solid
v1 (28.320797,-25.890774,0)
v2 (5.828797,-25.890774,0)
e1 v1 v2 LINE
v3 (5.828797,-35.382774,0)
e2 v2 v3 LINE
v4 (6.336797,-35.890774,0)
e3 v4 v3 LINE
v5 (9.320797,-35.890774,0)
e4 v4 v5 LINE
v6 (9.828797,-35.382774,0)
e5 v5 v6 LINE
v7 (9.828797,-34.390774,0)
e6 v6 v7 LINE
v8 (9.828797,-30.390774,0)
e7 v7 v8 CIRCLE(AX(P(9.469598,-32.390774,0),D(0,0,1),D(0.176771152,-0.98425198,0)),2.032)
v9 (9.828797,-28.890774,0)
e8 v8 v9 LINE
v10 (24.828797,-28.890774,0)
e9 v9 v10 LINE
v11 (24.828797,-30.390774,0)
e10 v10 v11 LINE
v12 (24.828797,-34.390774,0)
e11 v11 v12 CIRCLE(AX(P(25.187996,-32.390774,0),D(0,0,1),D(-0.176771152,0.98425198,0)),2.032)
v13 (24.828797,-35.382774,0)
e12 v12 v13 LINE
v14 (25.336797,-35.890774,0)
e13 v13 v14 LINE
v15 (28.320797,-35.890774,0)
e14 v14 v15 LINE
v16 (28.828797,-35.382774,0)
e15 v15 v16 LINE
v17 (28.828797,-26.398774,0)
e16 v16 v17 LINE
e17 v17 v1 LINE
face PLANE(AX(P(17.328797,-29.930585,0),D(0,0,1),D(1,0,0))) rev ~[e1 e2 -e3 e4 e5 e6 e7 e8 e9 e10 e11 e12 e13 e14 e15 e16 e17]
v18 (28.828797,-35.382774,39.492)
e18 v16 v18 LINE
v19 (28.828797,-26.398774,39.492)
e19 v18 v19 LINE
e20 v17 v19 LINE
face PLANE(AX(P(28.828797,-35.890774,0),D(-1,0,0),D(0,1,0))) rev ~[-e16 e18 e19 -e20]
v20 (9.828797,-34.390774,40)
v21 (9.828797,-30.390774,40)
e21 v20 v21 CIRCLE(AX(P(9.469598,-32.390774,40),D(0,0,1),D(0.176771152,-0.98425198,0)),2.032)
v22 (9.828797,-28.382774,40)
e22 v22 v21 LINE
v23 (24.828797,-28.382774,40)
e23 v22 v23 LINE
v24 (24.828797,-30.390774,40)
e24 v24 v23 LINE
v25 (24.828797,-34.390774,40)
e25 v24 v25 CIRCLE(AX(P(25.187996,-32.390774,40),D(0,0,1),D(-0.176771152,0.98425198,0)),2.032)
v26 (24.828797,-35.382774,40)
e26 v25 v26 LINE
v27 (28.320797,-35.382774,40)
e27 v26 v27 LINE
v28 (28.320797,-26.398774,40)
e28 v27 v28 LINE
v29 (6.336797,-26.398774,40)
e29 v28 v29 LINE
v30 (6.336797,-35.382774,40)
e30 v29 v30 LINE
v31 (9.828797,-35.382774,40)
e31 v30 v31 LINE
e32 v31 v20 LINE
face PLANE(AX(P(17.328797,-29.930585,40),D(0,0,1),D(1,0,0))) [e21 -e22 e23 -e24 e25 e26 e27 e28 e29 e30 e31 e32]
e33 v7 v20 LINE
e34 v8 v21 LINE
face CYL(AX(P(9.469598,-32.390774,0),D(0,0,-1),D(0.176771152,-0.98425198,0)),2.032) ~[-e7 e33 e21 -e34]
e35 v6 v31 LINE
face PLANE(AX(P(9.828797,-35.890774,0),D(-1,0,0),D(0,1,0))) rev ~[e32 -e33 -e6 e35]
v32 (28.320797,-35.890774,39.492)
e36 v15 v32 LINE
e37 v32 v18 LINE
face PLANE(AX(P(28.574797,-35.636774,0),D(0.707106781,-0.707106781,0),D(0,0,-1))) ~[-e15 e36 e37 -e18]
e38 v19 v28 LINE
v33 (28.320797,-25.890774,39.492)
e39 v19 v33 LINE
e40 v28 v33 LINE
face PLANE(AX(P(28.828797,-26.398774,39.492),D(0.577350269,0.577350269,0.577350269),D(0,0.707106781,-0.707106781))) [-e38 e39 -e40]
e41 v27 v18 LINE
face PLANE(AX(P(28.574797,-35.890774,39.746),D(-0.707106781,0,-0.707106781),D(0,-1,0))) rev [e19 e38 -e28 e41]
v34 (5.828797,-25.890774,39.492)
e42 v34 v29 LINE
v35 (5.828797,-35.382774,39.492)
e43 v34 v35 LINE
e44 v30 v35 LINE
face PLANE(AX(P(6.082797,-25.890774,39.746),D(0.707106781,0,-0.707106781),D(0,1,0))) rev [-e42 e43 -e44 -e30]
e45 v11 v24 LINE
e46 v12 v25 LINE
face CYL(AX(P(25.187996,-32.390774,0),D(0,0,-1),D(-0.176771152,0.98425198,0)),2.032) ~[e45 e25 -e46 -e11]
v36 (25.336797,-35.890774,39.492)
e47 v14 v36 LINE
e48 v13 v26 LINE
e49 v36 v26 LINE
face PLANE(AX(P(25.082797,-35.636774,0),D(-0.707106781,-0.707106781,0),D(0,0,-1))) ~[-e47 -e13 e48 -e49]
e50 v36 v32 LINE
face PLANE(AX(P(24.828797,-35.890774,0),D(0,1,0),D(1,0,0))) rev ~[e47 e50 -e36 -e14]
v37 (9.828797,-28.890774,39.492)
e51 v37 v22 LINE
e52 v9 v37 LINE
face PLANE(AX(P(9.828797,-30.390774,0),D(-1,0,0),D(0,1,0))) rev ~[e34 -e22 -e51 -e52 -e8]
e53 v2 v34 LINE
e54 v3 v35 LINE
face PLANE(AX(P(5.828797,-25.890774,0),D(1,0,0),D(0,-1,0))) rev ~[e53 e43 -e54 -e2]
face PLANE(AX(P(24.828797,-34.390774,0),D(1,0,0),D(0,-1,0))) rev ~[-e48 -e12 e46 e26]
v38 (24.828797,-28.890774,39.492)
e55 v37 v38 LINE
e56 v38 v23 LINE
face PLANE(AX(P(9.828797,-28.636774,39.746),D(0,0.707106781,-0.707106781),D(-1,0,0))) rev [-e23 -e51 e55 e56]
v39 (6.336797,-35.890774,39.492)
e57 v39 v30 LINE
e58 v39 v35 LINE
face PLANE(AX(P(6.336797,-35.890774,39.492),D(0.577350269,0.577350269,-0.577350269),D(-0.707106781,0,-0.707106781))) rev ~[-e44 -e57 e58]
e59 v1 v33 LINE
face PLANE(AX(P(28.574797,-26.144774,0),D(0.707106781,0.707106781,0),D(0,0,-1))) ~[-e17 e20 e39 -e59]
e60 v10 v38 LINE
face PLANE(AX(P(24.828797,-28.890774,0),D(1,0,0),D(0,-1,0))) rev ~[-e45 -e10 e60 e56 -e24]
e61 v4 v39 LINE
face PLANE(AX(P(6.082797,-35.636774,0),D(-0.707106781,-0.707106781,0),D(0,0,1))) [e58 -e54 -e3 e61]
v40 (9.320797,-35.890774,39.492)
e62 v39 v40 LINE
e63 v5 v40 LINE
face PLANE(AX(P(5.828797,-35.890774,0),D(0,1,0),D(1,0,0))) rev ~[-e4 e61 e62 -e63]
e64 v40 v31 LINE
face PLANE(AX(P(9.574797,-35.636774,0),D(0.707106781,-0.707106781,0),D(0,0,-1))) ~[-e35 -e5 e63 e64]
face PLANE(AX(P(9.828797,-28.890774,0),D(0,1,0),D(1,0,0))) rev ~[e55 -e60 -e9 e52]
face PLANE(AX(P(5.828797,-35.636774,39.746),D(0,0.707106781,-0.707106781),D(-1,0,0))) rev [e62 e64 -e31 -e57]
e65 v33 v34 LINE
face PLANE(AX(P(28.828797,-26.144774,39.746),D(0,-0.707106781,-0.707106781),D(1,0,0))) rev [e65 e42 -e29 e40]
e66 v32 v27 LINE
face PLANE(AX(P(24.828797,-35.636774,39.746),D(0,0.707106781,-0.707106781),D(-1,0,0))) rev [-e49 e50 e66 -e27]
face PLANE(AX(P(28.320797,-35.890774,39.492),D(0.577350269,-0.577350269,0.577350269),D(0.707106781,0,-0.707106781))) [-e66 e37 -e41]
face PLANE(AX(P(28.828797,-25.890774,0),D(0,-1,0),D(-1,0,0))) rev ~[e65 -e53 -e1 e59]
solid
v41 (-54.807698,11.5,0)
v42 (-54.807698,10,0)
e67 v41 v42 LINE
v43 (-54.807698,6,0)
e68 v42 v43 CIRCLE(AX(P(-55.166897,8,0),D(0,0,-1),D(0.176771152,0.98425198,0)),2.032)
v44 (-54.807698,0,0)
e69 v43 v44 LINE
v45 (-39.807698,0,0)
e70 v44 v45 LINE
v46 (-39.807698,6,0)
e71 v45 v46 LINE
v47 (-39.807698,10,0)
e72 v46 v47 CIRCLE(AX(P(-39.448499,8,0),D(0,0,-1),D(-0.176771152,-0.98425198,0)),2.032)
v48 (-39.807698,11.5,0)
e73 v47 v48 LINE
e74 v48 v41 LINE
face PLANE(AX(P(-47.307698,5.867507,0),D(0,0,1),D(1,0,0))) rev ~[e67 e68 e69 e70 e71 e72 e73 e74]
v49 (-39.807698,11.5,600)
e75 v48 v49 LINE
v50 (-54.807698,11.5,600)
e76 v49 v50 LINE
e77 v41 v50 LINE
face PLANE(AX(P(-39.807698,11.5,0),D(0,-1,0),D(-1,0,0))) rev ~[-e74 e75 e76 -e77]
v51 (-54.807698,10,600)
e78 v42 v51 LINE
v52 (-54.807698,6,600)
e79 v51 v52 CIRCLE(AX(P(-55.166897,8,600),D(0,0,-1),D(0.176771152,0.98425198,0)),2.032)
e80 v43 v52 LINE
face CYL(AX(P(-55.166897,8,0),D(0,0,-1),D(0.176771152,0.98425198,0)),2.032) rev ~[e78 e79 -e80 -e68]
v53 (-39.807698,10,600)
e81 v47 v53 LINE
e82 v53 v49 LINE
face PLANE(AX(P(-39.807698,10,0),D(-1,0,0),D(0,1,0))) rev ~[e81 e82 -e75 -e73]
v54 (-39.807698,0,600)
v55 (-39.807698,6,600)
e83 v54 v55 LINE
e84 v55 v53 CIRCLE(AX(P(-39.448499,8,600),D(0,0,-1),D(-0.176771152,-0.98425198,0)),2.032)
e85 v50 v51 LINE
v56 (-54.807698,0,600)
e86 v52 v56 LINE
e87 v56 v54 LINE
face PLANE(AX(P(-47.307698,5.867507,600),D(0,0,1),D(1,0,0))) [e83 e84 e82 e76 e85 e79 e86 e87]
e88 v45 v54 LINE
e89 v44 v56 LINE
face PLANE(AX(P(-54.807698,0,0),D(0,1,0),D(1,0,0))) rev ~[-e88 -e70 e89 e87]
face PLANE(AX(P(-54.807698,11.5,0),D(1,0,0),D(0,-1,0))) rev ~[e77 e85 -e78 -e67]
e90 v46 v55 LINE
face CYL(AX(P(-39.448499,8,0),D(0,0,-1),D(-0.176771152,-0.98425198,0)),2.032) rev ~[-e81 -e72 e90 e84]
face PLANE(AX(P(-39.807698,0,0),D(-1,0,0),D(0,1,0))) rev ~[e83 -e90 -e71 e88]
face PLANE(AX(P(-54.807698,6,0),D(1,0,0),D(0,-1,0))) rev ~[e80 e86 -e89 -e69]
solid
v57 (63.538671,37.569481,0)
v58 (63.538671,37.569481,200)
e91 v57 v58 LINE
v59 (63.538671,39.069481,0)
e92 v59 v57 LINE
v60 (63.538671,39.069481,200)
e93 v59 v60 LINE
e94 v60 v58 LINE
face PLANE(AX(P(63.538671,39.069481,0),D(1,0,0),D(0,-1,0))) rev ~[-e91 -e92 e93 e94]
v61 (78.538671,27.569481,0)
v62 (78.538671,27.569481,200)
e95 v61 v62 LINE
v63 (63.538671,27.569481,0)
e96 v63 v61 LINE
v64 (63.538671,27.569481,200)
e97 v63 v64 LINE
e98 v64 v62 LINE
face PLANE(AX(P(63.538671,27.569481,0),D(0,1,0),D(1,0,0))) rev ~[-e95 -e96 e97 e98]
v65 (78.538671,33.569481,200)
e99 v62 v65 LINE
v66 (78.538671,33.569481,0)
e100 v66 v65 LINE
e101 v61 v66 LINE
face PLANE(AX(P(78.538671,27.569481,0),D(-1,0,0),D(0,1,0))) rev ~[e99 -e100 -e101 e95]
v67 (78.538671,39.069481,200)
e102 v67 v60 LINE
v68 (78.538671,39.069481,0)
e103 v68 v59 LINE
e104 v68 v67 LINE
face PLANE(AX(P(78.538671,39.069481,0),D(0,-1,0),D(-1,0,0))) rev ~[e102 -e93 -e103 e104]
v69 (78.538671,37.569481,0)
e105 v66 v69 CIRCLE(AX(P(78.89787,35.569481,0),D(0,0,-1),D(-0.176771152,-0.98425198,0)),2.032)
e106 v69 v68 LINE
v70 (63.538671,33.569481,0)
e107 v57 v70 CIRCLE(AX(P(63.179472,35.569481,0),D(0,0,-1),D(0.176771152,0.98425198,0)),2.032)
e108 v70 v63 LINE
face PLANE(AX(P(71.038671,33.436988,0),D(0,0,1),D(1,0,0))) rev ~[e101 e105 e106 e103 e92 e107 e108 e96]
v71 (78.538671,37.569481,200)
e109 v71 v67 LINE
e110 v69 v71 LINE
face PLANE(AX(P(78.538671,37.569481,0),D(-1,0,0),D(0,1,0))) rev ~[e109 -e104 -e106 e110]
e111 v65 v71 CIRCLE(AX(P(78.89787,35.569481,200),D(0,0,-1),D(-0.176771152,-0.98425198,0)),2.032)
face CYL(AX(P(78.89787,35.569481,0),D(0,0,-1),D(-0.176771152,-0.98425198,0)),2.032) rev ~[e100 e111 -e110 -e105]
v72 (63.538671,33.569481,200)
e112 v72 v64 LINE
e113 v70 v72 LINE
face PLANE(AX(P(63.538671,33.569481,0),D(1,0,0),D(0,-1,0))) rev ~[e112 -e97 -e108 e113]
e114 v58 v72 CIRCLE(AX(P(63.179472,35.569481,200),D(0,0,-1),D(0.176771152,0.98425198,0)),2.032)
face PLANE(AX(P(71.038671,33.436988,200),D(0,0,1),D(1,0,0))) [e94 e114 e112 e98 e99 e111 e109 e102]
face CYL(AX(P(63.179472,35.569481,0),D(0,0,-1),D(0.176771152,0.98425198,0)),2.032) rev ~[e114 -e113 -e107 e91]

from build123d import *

# Parameters (mm, degrees)
F1_DEPTH = 600
F2_DEPTH = 200
F3_DEPTH = 40
F4_SIZE  = 0.508


with BuildPart() as f1:
    # F0 (on Top) → F1 (new body)
    with BuildSketch(Plane.XY):
        with BuildLine():
            Line((-54.807698, 6), (-54.807698, 0))
            Line((-54.807698, 0), (-39.807698, 0))
            Line((-39.807698, 0), (-39.807698, 6))
            ThreePointArc((-39.807698, 6), (-41.480499, 8), (-39.807698, 10))
            Line((-39.807698, 10), (-39.807698, 11.5))
            Line((-39.807698, 11.5), (-54.807698, 11.5))
            Line((-54.807698, 11.5), (-54.807698, 10))
            ThreePointArc((-54.807698, 10), (-53.134897, 8), (-54.807698, 6))
        make_face()
    extrude(amount=F1_DEPTH)


with BuildPart() as f2:
    # F0 (on Top) → F2 (new body)
    with BuildSketch(Plane.XY):
        with BuildLine():
            Line((63.538671, 33.569481), (63.538671, 27.569481))
            Line((63.538671, 27.569481), (78.538671, 27.569481))
            Line((78.538671, 27.569481), (78.538671, 33.569481))
            ThreePointArc((78.538671, 33.569481), (76.86587, 35.569481), (78.538671, 37.569481))
            Line((78.538671, 37.569481), (78.538671, 39.069481))
            Line((78.538671, 39.069481), (63.538671, 39.069481))
            Line((63.538671, 39.069481), (63.538671, 37.569481))
            ThreePointArc((63.538671, 37.569481), (65.211472, 35.569481), (63.538671, 33.569481))
        make_face()
    extrude(amount=F2_DEPTH)


with BuildPart() as f3:
    # F0 (on Top) → F3 (new body)
    with BuildSketch(Plane.XY):
        with BuildLine():
            Line((5.828797, -35.890774), (9.828797, -35.890774))
            Line((9.828797, -35.890774), (9.828797, -34.390774))
            ThreePointArc((9.828797, -34.390774), (11.501598, -32.390774), (9.828797, -30.390774))
            Line((9.828797, -30.390774), (9.828797, -28.890774))
            Line((9.828797, -28.890774), (24.828797, -28.890774))
            Line((24.828797, -28.890774), (24.828797, -30.390774))
            ThreePointArc((24.828797, -30.390774), (23.155996, -32.390774), (24.828797, -34.390774))
            Line((24.828797, -34.390774), (24.828797, -35.890774))
            Line((24.828797, -35.890774), (28.828797, -35.890774))
            Line((28.828797, -35.890774), (28.828797, -25.890774))
            Line((28.828797, -25.890774), (5.828797, -25.890774))
            Line((5.828797, -25.890774), (5.828797, -35.890774))
        make_face()
    extrude(amount=F3_DEPTH)

    # F4
    f4_edges = [f3.edges().sort_by_distance(p)[0] for p in [
        (17.328797, -25.890774, 40),
        (5.828797, -30.890774, 40),
        (28.828797, -30.890774, 40),
        (7.828797, -35.890774, 40),
        (26.828797, -35.890774, 40),
        (5.828797, -35.890774, 20),
        (28.828797, -35.890774, 20),
        (28.828797, -25.890774, 20),
        (17.328797, -28.890774, 40),
        (9.828797, -35.890774, 20),
        (24.828797, -35.890774, 20),
    ]]
    chamfer(f4_edges, length=F4_SIZE)


solid = Compound([f1.part, f2.part, f3.part])
